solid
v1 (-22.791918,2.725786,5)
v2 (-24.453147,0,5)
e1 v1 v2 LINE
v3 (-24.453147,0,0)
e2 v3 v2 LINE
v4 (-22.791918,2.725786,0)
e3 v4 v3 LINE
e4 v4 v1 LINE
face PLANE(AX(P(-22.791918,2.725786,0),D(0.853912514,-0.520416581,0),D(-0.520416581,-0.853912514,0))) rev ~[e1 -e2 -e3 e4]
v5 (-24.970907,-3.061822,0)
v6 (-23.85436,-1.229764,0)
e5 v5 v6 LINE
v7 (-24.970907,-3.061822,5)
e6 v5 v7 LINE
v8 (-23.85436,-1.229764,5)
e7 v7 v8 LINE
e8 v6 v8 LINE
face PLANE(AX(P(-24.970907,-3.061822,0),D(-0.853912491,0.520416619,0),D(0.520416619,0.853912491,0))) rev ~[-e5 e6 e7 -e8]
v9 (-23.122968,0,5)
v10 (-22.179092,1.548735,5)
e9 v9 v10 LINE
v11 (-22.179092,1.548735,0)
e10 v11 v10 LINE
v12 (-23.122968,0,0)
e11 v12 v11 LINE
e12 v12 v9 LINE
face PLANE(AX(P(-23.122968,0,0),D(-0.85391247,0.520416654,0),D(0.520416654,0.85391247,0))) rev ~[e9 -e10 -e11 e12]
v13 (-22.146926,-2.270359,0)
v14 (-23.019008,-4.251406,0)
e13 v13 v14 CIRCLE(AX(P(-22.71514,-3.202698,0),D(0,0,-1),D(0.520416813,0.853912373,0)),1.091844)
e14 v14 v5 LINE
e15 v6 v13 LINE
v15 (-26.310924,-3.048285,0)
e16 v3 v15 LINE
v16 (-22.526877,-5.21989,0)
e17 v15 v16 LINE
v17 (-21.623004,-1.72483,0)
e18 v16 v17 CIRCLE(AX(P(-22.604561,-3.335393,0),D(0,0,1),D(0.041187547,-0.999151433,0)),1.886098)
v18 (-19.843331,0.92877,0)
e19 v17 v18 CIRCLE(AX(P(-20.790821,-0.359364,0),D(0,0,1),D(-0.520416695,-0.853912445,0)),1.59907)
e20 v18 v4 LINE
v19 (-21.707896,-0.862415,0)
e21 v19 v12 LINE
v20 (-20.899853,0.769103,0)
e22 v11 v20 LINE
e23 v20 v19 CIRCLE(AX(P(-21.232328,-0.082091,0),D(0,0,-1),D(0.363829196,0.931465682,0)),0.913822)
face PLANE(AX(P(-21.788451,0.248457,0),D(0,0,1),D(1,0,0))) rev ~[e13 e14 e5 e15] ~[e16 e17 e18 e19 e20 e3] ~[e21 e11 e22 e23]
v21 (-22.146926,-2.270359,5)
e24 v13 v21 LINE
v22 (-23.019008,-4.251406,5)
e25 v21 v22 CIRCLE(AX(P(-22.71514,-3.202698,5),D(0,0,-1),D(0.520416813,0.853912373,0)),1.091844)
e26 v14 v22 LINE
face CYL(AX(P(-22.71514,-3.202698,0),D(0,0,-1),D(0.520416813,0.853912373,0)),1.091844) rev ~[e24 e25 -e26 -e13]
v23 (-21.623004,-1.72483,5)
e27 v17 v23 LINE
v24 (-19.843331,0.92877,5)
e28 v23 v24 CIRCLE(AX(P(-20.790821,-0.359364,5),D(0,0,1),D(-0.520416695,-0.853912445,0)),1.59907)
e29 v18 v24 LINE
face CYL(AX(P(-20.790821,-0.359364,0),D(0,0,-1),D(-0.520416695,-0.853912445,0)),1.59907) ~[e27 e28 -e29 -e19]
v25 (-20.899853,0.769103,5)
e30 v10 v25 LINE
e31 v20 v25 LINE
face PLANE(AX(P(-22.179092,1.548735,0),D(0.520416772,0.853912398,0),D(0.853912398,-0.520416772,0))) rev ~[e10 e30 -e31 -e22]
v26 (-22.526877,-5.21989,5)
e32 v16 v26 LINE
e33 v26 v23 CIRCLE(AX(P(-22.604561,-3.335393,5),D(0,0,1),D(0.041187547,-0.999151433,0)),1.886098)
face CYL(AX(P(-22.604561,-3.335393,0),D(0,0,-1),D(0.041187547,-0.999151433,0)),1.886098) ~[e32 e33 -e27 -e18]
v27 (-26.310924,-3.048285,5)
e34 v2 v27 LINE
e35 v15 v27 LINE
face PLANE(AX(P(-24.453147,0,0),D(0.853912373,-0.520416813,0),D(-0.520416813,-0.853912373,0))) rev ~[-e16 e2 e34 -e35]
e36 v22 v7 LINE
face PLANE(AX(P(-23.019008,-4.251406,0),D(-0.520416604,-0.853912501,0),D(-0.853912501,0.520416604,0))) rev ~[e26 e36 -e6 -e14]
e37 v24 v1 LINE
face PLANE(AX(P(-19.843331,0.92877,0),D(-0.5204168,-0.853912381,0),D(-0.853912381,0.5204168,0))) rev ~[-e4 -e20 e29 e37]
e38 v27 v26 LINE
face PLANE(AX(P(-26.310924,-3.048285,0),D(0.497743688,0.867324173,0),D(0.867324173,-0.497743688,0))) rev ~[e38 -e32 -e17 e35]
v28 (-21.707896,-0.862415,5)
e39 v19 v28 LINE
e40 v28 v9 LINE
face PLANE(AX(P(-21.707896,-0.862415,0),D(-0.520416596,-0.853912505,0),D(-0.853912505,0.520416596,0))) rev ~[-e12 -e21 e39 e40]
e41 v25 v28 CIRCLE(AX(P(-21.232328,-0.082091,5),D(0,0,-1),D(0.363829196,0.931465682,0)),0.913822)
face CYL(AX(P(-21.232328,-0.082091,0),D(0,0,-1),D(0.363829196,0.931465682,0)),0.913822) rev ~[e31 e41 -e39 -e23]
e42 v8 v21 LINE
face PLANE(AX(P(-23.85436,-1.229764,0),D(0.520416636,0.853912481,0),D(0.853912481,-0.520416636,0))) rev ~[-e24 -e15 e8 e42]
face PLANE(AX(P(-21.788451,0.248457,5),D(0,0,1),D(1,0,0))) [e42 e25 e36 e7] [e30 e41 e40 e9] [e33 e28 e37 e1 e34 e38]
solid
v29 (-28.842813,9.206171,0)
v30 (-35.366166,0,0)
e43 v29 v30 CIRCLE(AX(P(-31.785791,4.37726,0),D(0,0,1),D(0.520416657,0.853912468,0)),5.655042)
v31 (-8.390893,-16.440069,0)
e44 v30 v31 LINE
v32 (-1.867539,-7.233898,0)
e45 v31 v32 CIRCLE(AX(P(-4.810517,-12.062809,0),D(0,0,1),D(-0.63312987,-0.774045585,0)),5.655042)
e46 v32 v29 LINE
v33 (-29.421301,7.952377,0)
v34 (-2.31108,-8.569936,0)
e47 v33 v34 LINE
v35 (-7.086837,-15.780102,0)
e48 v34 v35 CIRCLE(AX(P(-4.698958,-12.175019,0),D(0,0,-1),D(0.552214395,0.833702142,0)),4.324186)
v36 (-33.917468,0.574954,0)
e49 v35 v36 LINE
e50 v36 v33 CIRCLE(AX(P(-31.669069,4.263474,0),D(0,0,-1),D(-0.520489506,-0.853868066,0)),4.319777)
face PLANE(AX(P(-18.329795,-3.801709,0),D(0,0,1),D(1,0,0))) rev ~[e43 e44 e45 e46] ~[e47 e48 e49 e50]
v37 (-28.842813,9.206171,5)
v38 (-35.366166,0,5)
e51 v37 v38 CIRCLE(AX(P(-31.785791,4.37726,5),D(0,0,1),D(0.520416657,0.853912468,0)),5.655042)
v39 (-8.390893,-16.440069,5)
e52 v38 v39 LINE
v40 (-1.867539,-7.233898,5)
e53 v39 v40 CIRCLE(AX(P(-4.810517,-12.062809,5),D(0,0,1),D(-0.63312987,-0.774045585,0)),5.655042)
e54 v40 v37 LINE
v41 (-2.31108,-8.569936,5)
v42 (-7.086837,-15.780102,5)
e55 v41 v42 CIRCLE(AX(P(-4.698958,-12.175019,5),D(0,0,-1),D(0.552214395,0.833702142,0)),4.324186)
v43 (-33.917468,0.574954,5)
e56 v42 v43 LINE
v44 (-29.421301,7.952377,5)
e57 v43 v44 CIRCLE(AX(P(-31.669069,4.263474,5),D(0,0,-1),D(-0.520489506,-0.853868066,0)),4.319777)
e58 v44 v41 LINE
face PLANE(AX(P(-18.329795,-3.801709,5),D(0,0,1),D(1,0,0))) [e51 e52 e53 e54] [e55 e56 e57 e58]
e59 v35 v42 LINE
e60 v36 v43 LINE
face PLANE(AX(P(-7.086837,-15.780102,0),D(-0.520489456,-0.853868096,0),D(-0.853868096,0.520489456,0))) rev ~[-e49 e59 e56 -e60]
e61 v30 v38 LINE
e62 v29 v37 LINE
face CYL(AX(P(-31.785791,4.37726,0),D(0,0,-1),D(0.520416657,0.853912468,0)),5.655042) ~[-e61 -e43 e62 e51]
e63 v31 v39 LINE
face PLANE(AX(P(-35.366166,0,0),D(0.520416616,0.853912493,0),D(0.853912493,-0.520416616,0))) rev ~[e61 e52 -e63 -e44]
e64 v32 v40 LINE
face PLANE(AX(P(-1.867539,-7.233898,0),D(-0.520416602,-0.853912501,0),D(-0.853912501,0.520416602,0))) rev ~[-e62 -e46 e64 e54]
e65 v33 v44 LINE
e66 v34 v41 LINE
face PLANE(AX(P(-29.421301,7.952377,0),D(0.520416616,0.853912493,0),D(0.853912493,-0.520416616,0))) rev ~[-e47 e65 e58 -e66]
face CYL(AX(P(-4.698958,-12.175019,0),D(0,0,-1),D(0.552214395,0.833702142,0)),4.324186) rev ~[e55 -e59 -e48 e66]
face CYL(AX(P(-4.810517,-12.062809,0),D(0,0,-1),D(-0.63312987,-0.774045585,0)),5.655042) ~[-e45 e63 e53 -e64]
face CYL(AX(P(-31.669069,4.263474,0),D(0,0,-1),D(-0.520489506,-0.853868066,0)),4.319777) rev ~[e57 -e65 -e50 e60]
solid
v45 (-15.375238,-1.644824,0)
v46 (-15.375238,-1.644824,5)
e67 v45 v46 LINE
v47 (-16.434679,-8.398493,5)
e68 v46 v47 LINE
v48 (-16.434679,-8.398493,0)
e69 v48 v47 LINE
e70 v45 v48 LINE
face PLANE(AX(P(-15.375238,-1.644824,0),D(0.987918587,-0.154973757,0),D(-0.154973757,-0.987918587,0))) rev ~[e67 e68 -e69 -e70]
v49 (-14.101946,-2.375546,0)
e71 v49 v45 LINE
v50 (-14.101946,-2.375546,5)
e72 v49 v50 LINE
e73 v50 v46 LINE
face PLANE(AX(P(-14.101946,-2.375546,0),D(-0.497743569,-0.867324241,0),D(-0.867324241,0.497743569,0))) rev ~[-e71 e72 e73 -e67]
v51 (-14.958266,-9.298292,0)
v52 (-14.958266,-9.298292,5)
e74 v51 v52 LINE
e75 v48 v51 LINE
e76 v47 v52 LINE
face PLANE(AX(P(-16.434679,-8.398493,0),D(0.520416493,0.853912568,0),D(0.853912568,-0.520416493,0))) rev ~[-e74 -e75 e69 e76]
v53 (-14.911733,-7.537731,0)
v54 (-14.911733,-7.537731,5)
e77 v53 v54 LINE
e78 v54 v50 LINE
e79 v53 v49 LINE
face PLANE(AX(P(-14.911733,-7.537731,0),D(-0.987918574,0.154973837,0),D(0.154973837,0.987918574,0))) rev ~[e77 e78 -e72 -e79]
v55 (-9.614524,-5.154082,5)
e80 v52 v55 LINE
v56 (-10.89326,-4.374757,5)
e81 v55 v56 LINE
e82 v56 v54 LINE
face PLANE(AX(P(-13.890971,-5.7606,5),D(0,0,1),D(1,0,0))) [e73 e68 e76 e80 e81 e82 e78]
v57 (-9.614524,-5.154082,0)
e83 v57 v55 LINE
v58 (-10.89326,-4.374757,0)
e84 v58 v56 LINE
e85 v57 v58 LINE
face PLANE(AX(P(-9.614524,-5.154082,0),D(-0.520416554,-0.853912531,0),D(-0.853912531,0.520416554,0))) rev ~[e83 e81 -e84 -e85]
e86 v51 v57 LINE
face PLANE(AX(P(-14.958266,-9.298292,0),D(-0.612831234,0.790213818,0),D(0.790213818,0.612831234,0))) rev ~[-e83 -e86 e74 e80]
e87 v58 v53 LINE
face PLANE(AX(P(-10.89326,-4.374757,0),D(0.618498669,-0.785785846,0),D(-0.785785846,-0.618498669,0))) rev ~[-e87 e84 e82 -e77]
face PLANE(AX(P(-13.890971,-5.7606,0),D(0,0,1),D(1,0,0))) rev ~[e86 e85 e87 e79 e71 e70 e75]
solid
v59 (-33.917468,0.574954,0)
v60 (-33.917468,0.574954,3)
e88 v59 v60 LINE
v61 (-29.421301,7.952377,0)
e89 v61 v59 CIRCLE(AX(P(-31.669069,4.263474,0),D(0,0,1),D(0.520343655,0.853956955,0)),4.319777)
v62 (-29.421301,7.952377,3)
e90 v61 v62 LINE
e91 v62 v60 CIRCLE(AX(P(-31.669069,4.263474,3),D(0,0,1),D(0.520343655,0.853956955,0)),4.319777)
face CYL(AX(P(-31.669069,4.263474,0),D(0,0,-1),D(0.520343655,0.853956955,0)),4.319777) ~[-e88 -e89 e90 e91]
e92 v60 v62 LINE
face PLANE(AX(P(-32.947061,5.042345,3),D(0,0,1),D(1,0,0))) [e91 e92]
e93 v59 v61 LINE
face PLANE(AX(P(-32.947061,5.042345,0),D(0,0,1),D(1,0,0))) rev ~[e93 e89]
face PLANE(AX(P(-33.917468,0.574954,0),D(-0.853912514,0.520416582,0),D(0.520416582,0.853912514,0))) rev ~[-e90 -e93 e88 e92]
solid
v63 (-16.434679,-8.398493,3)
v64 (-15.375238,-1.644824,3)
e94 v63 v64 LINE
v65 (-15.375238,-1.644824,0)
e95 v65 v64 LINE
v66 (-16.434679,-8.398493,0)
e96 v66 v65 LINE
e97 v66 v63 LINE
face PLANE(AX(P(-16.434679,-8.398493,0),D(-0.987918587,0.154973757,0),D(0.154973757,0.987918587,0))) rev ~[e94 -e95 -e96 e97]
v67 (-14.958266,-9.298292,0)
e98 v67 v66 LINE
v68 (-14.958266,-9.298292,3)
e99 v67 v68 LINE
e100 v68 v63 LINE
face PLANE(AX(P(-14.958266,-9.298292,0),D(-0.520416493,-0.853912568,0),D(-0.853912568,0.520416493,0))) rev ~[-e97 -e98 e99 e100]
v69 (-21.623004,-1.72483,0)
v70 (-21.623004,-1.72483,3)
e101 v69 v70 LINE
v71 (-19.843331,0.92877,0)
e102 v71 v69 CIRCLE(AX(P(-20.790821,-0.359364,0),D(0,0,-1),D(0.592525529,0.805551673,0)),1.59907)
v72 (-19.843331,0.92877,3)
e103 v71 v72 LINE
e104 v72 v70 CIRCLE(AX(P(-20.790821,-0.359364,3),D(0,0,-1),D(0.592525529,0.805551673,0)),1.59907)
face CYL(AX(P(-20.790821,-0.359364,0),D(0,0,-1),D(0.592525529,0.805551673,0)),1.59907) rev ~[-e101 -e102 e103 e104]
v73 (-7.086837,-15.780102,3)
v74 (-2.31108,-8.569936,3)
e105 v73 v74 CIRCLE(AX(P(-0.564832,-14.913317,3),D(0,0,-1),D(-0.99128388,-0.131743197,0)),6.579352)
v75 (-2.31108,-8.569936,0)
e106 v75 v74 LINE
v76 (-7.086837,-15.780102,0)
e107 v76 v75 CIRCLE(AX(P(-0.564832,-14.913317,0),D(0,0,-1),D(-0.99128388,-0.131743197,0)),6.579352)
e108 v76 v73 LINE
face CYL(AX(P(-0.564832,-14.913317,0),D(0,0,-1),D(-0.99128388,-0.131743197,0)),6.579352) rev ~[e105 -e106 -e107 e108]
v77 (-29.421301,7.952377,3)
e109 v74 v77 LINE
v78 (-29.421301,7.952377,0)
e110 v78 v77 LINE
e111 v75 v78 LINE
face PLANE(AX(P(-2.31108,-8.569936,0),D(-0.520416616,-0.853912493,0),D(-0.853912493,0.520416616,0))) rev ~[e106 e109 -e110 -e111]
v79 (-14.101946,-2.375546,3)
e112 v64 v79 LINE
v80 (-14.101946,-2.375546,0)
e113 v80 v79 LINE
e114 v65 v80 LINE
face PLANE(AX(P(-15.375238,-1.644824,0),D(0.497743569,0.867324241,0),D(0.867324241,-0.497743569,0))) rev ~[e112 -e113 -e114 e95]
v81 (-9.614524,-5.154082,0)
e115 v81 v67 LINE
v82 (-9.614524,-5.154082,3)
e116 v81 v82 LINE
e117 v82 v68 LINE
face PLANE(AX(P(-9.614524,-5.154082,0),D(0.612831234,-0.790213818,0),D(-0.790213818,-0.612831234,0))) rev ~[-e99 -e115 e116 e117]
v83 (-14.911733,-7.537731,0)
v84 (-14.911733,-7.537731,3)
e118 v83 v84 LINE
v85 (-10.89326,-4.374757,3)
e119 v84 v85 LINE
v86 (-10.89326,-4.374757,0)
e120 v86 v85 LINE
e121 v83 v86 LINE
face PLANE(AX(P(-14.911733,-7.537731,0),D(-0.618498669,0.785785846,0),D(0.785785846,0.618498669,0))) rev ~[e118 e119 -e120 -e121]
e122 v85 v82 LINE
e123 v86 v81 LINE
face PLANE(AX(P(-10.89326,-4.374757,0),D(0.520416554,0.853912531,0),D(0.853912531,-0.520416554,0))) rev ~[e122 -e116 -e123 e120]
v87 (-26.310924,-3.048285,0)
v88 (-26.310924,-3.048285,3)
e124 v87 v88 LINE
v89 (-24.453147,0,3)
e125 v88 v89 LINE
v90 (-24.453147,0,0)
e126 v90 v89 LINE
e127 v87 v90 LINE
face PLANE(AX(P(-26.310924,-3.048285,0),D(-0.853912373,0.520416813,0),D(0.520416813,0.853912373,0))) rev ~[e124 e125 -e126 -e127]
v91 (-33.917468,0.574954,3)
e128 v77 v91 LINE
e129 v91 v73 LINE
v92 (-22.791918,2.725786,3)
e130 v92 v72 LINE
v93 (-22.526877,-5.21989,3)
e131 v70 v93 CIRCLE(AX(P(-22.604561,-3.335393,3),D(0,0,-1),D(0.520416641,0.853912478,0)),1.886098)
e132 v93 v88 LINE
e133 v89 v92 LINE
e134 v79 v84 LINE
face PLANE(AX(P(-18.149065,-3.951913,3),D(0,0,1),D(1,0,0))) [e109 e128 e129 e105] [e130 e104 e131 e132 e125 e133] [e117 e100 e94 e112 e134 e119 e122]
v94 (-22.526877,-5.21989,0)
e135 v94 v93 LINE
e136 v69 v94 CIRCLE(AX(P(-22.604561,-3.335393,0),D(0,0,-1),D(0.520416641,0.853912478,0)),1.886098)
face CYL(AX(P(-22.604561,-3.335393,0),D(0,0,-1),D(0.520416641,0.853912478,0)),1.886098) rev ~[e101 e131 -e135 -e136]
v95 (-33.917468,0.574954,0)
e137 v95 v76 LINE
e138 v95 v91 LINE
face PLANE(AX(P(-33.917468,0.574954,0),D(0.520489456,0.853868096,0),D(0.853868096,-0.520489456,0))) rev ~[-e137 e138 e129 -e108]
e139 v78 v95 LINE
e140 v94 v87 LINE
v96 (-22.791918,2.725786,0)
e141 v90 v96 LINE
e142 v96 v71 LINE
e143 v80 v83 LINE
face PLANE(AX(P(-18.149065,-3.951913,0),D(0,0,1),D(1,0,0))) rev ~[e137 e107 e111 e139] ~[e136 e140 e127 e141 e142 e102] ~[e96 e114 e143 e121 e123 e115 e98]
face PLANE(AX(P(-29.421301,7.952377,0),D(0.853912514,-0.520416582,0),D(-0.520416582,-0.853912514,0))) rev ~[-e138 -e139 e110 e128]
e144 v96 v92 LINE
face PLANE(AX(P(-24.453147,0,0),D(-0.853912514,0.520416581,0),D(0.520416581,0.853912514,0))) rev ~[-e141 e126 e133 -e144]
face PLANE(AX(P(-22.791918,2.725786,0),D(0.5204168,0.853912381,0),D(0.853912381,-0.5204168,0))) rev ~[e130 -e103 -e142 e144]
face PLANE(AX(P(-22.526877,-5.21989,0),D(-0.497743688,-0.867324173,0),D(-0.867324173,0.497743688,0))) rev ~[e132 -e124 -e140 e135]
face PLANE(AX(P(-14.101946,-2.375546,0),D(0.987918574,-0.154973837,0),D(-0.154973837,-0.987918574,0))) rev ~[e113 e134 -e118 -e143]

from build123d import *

# Parameters (mm, degrees)
F1_DEPTH = 5
F2_DEPTH = 3
F3_DEPTH = 3


with BuildPart() as f1:
    # F0 (on Top) → F1 (new body)
    with BuildSketch(Plane.XY):
        with BuildLine():
            Line((-1.867539, -7.233898), (-28.842813, 9.206171))
            ThreePointArc((-28.842813, 9.206171), (-36.399896, 7.646745), (-35.366166, 0))
            Line((-35.366166, 0), (-8.390893, -16.440069))
            ThreePointArc((-8.390893, -16.440069), (-0.196412, -15.332294), (-1.867539, -7.233898))
        make_face()
        with BuildLine():
            ThreePointArc((-2.31108, -8.569936), (-1.093875, -14.562898), (-7.086837, -15.780102))
            Line((-7.086837, -15.780102), (-33.917468, 0.574954))
            ThreePointArc((-33.917468, 0.574954), (-35.357781, 6.511557), (-29.421301, 7.952377))
            Line((-29.421301, 7.952377), (-2.31108, -8.569936))
        make_face(mode=Mode.SUBTRACT)
        with BuildLine():
            Line((-19.843331, 0.92877), (-22.791918, 2.725786))
            Line((-22.791918, 2.725786), (-24.453147, 0))
            Line((-24.453147, 0), (-21.623004, -1.72483))
            ThreePointArc((-21.623004, -1.72483), (-19.462769, -1.25004), (-19.843331, 0.92877))
        make_face()
        with BuildLine():
            Line((-21.707896, -0.862415), (-23.122968, 0))
            Line((-23.122968, 0), (-22.179092, 1.548735))
            Line((-22.179092, 1.548735), (-20.899853, 0.769103))
            ThreePointArc((-20.899853, 0.769103), (-20.413438, -0.487664), (-21.707896, -0.862415))
        make_face(mode=Mode.SUBTRACT)
        with BuildLine():
            Line((-21.623004, -1.72483), (-24.453147, 0))
            Line((-24.453147, 0), (-26.310924, -3.048285))
            Line((-26.310924, -3.048285), (-22.526877, -5.21989))
            ThreePointArc((-22.526877, -5.21989), (-20.778538, -3.807628), (-21.623004, -1.72483))
        make_face()
        with BuildLine():
            Line((-24.970907, -3.061822), (-23.85436, -1.229764))
            Line((-23.85436, -1.229764), (-22.146926, -2.270359))
            ThreePointArc((-22.146926, -2.270359), (-21.715837, -3.642604), (-23.019008, -4.251406))
            Line((-23.019008, -4.251406), (-24.970907, -3.061822))
        make_face(mode=Mode.SUBTRACT)
        Polygon((-14.101946, -2.375546), (-15.375238, -1.644824), (-16.434679, -8.398493), (-14.958266, -9.298292), (-9.614524, -5.154082), (-10.89326, -4.374757), (-14.911733, -7.537731), align=None)
    extrude(amount=F1_DEPTH)


with BuildPart() as f2:
    # F0 (on Top) → F2 (new body)
    with BuildSketch(Plane.XY):
        with BuildLine():
            Line((-33.917468, 0.574954), (-7.086837, -15.780102))
            ThreePointArc((-7.086837, -15.780102), (-6.050051, -11.280104), (-2.31108, -8.569936))
            Line((-2.31108, -8.569936), (-29.421301, 7.952377))
            Line((-29.421301, 7.952377), (-33.917468, 0.574954))
        make_face()
        Polygon((-16.434679, -8.398493), (-15.375238, -1.644824), (-14.101946, -2.375546), (-14.911733, -7.537731), (-10.89326, -4.374757), (-9.614524, -5.154082), (-14.958266, -9.298292), align=None, mode=Mode.SUBTRACT)
        with BuildLine():
            Line((-24.453147, 0), (-22.791918, 2.725786))
            Line((-22.791918, 2.725786), (-19.843331, 0.92877))
            ThreePointArc((-19.843331, 0.92877), (-19.462769, -1.25004), (-21.623004, -1.72483))
            ThreePointArc((-21.623004, -1.72483), (-20.778538, -3.807628), (-22.526877, -5.21989))
            Line((-22.526877, -5.21989), (-26.310924, -3.048285))
            Line((-26.310924, -3.048285), (-24.453147, 0))
        make_face(mode=Mode.SUBTRACT)
    extrude(amount=F2_DEPTH)


with BuildPart() as f3:
    # F0 (on Top) → F3 (new body)
    with BuildSketch(Plane.XY):
        with BuildLine():
            ThreePointArc((-29.421301, 7.952377), (-35.357781, 6.511557), (-33.917468, 0.574954))
            Line((-33.917468, 0.574954), (-29.421301, 7.952377))
        make_face()
    extrude(amount=F3_DEPTH)


solid = Compound([f1.part, f2.part, f3.part])
